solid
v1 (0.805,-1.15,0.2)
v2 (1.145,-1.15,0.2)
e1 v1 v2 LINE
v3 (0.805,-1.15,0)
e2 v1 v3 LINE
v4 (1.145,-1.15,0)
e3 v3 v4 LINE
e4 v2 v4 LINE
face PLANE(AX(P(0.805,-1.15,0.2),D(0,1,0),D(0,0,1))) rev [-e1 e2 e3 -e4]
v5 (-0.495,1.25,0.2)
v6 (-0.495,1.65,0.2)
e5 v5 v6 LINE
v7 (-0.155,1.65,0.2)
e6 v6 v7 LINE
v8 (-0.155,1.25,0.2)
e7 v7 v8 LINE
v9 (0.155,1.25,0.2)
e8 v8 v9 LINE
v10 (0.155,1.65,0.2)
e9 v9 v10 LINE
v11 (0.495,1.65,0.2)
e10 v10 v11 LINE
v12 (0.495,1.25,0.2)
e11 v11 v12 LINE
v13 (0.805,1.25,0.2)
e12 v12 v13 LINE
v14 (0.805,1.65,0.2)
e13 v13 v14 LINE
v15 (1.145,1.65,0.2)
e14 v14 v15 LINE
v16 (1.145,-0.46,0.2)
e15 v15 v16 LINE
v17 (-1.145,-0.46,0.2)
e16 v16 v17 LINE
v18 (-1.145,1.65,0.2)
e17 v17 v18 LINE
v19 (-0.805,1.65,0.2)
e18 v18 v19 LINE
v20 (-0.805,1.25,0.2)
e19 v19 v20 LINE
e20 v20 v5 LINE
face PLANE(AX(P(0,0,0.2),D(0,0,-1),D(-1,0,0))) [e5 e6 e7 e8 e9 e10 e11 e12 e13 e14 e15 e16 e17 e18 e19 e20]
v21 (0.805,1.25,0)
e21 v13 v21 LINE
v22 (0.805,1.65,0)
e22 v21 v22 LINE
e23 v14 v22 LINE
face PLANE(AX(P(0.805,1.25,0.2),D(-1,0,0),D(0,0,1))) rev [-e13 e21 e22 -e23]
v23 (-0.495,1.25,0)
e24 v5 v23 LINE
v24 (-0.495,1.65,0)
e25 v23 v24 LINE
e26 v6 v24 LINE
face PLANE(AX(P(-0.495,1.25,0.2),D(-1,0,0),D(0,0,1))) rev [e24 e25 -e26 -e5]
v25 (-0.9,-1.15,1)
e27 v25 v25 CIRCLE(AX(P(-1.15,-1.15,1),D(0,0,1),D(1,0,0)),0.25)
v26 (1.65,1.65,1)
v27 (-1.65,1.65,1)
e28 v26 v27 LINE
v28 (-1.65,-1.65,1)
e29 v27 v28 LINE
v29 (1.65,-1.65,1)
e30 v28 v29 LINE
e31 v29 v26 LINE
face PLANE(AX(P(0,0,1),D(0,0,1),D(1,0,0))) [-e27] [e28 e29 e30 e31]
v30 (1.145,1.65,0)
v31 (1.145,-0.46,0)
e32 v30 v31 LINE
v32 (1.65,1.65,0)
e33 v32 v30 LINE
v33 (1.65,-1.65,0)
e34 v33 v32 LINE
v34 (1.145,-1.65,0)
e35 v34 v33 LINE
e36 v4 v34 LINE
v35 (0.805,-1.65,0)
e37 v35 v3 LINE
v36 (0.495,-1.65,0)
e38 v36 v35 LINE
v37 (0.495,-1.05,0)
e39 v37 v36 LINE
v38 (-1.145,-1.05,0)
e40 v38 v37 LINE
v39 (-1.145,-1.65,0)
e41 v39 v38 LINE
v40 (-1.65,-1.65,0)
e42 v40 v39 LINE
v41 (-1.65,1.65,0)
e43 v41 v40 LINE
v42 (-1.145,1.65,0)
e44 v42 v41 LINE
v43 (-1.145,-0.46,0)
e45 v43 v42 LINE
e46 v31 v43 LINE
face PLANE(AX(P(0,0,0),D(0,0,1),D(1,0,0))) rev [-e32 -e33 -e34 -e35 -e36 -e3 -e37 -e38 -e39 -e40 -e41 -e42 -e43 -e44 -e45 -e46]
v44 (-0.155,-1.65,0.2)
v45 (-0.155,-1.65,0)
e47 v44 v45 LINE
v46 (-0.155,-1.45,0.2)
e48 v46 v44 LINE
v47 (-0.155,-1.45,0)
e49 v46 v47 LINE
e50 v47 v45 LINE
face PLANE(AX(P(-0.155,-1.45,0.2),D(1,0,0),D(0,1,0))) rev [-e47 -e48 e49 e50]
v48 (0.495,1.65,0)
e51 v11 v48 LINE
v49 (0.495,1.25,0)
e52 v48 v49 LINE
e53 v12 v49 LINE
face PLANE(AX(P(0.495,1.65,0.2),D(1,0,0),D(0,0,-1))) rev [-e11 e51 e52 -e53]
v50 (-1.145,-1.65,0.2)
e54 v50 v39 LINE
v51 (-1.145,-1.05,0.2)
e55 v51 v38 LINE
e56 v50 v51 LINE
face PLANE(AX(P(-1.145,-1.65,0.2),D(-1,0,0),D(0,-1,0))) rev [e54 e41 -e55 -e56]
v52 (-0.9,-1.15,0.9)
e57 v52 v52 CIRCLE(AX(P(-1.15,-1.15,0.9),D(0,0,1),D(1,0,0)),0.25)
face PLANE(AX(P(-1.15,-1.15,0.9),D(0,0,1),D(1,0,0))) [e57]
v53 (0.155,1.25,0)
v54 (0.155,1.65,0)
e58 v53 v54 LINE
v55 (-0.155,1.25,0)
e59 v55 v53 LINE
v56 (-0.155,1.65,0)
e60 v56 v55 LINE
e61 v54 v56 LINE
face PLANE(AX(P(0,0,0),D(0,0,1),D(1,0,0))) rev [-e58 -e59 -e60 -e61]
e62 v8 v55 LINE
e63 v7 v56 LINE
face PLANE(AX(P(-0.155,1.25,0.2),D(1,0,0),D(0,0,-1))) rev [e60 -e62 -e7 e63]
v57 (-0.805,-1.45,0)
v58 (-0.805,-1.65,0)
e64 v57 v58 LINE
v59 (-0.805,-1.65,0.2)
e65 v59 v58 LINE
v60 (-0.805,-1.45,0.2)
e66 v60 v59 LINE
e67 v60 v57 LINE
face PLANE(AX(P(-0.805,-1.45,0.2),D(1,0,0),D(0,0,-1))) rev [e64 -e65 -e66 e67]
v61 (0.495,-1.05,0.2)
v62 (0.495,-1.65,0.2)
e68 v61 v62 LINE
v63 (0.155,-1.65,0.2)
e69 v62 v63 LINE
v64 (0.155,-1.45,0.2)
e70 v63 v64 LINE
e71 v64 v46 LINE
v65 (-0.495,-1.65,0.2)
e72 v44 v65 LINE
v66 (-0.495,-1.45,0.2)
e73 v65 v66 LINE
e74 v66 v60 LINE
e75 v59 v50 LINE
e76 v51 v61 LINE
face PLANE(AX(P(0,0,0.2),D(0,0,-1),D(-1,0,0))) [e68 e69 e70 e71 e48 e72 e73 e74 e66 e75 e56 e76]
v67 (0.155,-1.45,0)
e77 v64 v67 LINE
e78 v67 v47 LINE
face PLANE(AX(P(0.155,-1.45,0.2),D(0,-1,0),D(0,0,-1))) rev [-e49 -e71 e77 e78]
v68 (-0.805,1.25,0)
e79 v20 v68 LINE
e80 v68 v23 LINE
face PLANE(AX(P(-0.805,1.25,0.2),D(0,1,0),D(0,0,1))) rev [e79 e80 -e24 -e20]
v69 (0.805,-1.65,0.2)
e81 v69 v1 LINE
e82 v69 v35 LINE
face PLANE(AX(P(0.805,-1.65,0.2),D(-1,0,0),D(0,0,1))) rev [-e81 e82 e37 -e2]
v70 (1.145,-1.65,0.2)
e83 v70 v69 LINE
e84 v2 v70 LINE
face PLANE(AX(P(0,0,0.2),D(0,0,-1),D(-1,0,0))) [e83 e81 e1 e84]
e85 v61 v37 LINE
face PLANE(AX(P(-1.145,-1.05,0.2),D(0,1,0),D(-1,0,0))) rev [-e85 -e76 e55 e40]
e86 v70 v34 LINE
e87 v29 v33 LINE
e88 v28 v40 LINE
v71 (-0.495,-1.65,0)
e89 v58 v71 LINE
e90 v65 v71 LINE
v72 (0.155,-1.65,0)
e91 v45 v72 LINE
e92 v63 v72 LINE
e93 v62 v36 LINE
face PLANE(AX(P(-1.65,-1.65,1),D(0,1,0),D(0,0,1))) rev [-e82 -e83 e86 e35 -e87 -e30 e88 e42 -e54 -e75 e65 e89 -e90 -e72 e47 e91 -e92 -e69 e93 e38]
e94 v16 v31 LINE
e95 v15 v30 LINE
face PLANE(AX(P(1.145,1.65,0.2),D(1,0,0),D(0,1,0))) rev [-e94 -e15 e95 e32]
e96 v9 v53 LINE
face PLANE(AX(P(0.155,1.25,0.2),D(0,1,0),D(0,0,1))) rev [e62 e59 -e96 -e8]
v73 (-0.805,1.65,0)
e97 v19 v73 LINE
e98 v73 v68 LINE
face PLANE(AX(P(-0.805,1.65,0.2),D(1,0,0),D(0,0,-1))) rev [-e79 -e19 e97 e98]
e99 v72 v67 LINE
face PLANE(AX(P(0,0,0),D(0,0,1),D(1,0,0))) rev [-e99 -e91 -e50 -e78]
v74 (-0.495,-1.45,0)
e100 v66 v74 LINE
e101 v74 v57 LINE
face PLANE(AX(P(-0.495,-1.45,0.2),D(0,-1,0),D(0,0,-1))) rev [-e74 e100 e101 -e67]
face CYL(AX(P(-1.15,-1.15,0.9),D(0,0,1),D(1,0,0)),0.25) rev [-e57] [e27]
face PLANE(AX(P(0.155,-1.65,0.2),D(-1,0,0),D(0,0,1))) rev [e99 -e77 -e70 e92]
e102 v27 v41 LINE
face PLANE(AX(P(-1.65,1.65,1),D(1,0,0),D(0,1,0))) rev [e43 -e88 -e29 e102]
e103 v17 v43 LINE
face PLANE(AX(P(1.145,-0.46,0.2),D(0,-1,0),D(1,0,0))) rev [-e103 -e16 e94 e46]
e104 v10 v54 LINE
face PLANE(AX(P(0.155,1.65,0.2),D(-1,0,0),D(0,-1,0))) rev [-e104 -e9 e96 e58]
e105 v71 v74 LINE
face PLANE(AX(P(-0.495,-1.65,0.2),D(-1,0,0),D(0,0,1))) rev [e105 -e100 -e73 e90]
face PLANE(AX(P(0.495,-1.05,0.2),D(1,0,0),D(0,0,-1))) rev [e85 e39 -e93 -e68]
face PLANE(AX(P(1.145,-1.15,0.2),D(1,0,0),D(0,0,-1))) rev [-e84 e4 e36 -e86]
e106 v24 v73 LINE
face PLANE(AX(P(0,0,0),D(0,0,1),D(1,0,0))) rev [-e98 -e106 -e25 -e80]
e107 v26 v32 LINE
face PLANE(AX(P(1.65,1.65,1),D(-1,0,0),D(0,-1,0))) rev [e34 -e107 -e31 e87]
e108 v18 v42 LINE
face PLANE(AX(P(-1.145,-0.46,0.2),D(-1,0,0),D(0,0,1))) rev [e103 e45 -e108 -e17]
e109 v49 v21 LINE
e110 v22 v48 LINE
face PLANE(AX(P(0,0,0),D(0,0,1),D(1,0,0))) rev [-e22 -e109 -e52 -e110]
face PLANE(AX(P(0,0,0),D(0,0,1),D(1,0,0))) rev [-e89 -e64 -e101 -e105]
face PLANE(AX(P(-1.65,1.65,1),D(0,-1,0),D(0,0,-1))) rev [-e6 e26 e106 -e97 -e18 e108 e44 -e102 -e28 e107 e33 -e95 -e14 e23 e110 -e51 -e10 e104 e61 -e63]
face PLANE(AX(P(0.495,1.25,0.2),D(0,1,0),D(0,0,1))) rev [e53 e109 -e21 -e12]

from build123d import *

# Parameters (mm, degrees)
SKETCH_1_W          = 3.3
SKETCH_1_H          = 3.3
EXTRUDE_1_DEPTH     = 1
SKETCH_2_R          = 0.25
CUT_EXTRUDE_1_DEPTH = 0.1
SKETCH_3_W          = 0.34
SKETCH_3_H          = 0.5
CUT_EXTRUDE_2_DEPTH = 0.2


with BuildPart() as part:
    # Эскиз1 → Бобышка-Вытянуть1 (new body)
    with BuildSketch(Plane.XY):
        Rectangle(SKETCH_1_W, SKETCH_1_H)
    extrude(amount=EXTRUDE_1_DEPTH)

    # Эскиз2 → Вырез-Вытянуть1 (cut)
    with BuildSketch(Plane.XY.offset(1)):
        with Locations((-1.15, -1.15)):
            Circle(SKETCH_2_R)
    extrude(amount=-CUT_EXTRUDE_1_DEPTH, mode=Mode.SUBTRACT)

    # Эскиз3 → Вырез-Вытянуть2 (cut)
    with BuildSketch(Plane(origin=(0, 0, 0), x_dir=(-1, 0, 0), z_dir=(0, 0, -1))):
        Polygon((-1.145, 1.65), (-1.145, -0.46), (1.145, -0.46), (1.145, 1.65), (0.805, 1.65), (0.805, 1.25), (0.495, 1.25), (0.495, 1.65), (0.155, 1.65), (0.155, 1.25), (-0.155, 1.25), (-0.155, 1.65), (-0.495, 1.65), (-0.495, 1.25), (-0.805, 1.25), (-0.805, 1.65), align=None)
        Polygon((1.145, -1.65), (1.145, -1.05), (-0.495, -1.05), (-0.495, -1.65), (-0.155, -1.65), (-0.155, -1.45), (0.155, -1.45), (0.155, -1.65), (0.495, -1.65), (0.495, -1.45), (0.805, -1.45), (0.805, -1.65), align=None)
        with Locations((-0.975, -1.4)):
            Rectangle(SKETCH_3_W, SKETCH_3_H)
    extrude(amount=-CUT_EXTRUDE_2_DEPTH, mode=Mode.SUBTRACT)


solid = part.part
